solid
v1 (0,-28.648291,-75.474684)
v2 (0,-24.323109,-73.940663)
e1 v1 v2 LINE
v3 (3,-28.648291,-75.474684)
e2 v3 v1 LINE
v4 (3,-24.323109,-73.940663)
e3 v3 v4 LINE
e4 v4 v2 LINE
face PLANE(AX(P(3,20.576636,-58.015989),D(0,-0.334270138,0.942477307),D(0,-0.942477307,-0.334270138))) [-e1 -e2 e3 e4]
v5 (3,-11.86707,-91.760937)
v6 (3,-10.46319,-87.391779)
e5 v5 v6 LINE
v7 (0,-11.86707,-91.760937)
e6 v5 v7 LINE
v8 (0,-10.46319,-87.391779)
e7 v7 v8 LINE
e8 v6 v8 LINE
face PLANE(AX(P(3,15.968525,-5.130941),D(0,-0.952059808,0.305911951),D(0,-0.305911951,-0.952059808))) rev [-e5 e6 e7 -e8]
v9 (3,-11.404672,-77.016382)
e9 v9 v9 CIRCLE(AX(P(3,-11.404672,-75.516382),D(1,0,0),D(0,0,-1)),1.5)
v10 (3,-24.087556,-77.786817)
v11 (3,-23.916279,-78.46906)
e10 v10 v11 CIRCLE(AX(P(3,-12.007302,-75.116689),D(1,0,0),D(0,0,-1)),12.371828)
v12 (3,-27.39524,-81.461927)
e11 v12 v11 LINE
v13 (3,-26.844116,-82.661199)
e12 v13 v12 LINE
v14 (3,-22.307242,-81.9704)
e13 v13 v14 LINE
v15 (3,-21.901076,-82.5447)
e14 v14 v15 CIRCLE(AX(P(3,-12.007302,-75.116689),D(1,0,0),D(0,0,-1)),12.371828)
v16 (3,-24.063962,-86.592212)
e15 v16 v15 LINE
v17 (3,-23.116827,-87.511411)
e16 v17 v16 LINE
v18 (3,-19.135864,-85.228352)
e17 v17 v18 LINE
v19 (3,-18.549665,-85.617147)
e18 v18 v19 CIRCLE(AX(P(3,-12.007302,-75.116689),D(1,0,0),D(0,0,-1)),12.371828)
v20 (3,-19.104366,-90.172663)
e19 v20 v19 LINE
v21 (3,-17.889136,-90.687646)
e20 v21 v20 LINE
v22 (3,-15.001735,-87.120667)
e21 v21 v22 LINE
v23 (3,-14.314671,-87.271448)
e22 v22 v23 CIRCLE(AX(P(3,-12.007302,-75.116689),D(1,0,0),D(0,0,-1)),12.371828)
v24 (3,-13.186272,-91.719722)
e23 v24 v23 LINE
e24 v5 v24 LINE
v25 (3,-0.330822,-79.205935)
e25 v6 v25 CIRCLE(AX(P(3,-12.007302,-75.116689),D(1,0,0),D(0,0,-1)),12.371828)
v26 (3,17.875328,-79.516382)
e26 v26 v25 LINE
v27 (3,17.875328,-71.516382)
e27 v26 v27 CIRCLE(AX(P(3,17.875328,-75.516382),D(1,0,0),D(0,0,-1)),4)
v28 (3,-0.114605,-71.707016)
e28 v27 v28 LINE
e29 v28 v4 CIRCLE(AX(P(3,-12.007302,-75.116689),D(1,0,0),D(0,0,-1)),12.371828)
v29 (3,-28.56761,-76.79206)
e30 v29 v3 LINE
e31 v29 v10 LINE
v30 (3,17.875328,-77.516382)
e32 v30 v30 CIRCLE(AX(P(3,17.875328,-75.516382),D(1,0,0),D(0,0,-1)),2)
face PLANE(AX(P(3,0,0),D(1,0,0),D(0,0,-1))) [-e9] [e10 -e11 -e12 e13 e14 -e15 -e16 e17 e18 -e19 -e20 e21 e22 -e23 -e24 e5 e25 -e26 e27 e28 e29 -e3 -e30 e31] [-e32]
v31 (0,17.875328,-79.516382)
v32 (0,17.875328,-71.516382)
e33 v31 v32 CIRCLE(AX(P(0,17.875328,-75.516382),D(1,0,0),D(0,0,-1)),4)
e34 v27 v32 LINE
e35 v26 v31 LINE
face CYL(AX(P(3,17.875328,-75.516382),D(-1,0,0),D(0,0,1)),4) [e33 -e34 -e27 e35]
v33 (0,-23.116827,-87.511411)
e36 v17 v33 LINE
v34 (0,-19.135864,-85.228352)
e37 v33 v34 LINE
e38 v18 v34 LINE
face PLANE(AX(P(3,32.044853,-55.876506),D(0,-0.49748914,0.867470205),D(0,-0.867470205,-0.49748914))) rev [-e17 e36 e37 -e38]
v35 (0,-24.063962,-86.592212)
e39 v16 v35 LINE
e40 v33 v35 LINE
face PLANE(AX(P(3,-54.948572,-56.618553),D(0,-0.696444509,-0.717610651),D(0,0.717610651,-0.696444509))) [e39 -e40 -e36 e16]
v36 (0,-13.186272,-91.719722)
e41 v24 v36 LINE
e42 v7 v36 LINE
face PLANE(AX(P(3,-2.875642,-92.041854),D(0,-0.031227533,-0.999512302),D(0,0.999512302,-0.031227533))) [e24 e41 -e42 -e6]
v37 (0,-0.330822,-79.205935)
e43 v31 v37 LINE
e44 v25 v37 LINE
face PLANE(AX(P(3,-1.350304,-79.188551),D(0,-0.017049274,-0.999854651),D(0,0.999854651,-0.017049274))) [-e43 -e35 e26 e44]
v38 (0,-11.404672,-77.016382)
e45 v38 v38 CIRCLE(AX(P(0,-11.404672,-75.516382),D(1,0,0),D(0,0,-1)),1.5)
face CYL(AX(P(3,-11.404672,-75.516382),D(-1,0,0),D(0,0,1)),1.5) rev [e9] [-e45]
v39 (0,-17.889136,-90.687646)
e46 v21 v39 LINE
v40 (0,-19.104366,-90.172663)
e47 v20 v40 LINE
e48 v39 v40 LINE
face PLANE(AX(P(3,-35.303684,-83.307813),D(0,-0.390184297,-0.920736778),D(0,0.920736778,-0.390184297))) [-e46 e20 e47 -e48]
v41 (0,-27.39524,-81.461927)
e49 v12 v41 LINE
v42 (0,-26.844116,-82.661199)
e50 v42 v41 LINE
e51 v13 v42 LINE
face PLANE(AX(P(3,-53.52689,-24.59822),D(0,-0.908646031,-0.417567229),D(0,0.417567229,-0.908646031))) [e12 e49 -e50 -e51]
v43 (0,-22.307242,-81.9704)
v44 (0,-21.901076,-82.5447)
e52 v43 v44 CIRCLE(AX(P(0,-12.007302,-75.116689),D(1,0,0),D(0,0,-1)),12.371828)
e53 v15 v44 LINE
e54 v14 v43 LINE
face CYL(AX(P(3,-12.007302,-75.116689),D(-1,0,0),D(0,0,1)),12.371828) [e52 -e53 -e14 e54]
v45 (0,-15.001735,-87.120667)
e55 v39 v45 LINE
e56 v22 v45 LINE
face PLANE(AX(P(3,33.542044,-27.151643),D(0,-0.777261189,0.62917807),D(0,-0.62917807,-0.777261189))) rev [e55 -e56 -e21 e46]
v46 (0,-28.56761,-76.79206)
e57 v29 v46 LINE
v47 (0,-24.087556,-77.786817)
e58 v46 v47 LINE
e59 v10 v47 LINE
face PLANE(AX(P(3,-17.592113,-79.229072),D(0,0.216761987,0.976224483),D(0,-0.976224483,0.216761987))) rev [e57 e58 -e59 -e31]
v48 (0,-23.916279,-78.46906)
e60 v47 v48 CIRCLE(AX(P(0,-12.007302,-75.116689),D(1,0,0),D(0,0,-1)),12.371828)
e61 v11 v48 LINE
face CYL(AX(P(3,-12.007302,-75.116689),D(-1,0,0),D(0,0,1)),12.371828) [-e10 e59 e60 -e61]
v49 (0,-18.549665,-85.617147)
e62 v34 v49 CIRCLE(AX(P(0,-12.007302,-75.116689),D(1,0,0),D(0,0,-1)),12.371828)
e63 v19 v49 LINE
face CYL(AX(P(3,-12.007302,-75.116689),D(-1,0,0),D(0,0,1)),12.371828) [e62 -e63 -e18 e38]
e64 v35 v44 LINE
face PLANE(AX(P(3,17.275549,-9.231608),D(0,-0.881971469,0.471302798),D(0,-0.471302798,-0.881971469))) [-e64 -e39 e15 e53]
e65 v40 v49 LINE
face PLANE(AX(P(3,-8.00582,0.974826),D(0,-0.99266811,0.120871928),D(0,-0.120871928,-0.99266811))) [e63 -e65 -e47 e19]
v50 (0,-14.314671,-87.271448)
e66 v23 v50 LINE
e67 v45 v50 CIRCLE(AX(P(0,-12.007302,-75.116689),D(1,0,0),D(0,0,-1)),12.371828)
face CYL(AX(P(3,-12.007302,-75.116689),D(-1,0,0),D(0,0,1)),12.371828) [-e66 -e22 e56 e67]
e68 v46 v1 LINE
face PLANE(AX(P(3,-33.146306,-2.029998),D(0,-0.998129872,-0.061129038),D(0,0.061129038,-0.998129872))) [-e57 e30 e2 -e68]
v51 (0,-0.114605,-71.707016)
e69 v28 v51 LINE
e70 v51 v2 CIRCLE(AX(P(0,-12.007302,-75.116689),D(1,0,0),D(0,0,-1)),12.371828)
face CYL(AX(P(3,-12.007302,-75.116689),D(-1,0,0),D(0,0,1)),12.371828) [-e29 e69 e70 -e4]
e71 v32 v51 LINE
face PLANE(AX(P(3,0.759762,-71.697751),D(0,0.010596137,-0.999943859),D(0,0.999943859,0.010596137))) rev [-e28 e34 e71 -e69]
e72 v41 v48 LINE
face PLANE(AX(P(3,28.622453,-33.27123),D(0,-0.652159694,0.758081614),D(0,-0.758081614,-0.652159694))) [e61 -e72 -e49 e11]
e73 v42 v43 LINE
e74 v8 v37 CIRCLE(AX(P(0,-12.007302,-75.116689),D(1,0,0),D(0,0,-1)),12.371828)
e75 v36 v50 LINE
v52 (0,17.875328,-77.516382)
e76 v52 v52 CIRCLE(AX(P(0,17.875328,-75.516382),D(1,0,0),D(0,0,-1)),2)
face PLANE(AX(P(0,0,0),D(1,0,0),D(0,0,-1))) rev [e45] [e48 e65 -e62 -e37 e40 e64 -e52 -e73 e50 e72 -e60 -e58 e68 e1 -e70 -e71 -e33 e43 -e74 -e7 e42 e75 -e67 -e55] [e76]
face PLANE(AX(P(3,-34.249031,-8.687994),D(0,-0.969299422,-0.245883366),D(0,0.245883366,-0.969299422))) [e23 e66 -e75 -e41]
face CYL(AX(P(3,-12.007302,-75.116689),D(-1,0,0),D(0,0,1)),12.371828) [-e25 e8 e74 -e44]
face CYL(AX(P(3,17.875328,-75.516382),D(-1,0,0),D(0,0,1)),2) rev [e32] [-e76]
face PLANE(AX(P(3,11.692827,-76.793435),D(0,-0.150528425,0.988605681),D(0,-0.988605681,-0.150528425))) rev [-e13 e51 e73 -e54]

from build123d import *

# Parameters (mm, degrees)
SKETCH_1_R      = 2
SKETCH_1_R_2    = 1.5
EXTRUDE_2_DEPTH = 3


with BuildPart() as part:
    # ｽｹｯﾁ1 → ﾎﾞｽ - 押し出し2 (new body)
    with BuildSketch(Plane(origin=(0, 0, 0), x_dir=(0, 0, -1), z_dir=(1, 0, 0))):
        with BuildLine():
            ThreePointArc((79.516381724, 17.875328128), (75.516381724, 21.875328128), (71.516381724, 17.875328128))
            Line((71.516381724, 17.875328128), (71.707016231, -0.114604955))
            ThreePointArc((71.707016231, -0.114604955), (62.797189361, -13.143986116), (73.940663181, -24.323108598))
            Line((73.940663181, -24.323108598), (75.474683518, -28.648291112))
            Line((75.474683518, -28.648291112), (76.792060343, -28.56761025))
            Line((76.792060343, -28.56761025), (77.786816557, -24.087556428))
            ThreePointArc((77.786816557, -24.087556428), (78.129155766, -24.006767492), (78.469059941, -23.916279163))
            Line((78.469059941, -23.916279163), (81.461927443, -27.395239681))
            Line((81.461927443, -27.395239681), (82.661199459, -26.844115619))
            Line((82.661199459, -26.844115619), (81.970399896, -22.307242452))
            ThreePointArc((81.970399896, -22.307242452), (82.260437372, -22.108241826), (82.544700421, -21.901076422))
            Line((82.544700421, -21.901076422), (86.592211747, -24.063962049))
            Line((86.592211747, -24.063962049), (87.511410622, -23.116827145))
            Line((87.511410622, -23.116827145), (85.228351592, -19.135864493))
            ThreePointArc((85.228351592, -19.135864493), (85.426916166, -18.845528315), (85.61714679, -18.549664671))
            Line((85.61714679, -18.549664671), (90.172663107, -19.104365719))
            Line((90.172663107, -19.104365719), (90.687645941, -17.889135789))
            Line((90.687645941, -17.889135789), (87.120667215, -15.001734719))
            ThreePointArc((87.120667215, -15.001734719), (87.200941642, -14.659274498), (87.27144814, -14.314670639))
            Line((87.27144814, -14.314670639), (91.719721727, -13.186271657))
            Line((91.719721727, -13.186271657), (91.760937233, -11.867070238))
            Line((91.760937233, -11.867070238), (87.391779056, -10.463190263))
            ThreePointArc((87.391779056, -10.463190263), (84.740310623, -4.232469554), (79.205934948, -0.330822302))
            Line((79.205934948, -0.330822302), (79.516381724, 17.875328128))
        make_face()
        with Locations((75.516381724, 17.875328128)):
            Circle(SKETCH_1_R, mode=Mode.SUBTRACT)
        with Locations((75.516381724, -11.404671872)):
            Circle(SKETCH_1_R_2, mode=Mode.SUBTRACT)
    extrude(amount=EXTRUDE_2_DEPTH)


solid = part.part
